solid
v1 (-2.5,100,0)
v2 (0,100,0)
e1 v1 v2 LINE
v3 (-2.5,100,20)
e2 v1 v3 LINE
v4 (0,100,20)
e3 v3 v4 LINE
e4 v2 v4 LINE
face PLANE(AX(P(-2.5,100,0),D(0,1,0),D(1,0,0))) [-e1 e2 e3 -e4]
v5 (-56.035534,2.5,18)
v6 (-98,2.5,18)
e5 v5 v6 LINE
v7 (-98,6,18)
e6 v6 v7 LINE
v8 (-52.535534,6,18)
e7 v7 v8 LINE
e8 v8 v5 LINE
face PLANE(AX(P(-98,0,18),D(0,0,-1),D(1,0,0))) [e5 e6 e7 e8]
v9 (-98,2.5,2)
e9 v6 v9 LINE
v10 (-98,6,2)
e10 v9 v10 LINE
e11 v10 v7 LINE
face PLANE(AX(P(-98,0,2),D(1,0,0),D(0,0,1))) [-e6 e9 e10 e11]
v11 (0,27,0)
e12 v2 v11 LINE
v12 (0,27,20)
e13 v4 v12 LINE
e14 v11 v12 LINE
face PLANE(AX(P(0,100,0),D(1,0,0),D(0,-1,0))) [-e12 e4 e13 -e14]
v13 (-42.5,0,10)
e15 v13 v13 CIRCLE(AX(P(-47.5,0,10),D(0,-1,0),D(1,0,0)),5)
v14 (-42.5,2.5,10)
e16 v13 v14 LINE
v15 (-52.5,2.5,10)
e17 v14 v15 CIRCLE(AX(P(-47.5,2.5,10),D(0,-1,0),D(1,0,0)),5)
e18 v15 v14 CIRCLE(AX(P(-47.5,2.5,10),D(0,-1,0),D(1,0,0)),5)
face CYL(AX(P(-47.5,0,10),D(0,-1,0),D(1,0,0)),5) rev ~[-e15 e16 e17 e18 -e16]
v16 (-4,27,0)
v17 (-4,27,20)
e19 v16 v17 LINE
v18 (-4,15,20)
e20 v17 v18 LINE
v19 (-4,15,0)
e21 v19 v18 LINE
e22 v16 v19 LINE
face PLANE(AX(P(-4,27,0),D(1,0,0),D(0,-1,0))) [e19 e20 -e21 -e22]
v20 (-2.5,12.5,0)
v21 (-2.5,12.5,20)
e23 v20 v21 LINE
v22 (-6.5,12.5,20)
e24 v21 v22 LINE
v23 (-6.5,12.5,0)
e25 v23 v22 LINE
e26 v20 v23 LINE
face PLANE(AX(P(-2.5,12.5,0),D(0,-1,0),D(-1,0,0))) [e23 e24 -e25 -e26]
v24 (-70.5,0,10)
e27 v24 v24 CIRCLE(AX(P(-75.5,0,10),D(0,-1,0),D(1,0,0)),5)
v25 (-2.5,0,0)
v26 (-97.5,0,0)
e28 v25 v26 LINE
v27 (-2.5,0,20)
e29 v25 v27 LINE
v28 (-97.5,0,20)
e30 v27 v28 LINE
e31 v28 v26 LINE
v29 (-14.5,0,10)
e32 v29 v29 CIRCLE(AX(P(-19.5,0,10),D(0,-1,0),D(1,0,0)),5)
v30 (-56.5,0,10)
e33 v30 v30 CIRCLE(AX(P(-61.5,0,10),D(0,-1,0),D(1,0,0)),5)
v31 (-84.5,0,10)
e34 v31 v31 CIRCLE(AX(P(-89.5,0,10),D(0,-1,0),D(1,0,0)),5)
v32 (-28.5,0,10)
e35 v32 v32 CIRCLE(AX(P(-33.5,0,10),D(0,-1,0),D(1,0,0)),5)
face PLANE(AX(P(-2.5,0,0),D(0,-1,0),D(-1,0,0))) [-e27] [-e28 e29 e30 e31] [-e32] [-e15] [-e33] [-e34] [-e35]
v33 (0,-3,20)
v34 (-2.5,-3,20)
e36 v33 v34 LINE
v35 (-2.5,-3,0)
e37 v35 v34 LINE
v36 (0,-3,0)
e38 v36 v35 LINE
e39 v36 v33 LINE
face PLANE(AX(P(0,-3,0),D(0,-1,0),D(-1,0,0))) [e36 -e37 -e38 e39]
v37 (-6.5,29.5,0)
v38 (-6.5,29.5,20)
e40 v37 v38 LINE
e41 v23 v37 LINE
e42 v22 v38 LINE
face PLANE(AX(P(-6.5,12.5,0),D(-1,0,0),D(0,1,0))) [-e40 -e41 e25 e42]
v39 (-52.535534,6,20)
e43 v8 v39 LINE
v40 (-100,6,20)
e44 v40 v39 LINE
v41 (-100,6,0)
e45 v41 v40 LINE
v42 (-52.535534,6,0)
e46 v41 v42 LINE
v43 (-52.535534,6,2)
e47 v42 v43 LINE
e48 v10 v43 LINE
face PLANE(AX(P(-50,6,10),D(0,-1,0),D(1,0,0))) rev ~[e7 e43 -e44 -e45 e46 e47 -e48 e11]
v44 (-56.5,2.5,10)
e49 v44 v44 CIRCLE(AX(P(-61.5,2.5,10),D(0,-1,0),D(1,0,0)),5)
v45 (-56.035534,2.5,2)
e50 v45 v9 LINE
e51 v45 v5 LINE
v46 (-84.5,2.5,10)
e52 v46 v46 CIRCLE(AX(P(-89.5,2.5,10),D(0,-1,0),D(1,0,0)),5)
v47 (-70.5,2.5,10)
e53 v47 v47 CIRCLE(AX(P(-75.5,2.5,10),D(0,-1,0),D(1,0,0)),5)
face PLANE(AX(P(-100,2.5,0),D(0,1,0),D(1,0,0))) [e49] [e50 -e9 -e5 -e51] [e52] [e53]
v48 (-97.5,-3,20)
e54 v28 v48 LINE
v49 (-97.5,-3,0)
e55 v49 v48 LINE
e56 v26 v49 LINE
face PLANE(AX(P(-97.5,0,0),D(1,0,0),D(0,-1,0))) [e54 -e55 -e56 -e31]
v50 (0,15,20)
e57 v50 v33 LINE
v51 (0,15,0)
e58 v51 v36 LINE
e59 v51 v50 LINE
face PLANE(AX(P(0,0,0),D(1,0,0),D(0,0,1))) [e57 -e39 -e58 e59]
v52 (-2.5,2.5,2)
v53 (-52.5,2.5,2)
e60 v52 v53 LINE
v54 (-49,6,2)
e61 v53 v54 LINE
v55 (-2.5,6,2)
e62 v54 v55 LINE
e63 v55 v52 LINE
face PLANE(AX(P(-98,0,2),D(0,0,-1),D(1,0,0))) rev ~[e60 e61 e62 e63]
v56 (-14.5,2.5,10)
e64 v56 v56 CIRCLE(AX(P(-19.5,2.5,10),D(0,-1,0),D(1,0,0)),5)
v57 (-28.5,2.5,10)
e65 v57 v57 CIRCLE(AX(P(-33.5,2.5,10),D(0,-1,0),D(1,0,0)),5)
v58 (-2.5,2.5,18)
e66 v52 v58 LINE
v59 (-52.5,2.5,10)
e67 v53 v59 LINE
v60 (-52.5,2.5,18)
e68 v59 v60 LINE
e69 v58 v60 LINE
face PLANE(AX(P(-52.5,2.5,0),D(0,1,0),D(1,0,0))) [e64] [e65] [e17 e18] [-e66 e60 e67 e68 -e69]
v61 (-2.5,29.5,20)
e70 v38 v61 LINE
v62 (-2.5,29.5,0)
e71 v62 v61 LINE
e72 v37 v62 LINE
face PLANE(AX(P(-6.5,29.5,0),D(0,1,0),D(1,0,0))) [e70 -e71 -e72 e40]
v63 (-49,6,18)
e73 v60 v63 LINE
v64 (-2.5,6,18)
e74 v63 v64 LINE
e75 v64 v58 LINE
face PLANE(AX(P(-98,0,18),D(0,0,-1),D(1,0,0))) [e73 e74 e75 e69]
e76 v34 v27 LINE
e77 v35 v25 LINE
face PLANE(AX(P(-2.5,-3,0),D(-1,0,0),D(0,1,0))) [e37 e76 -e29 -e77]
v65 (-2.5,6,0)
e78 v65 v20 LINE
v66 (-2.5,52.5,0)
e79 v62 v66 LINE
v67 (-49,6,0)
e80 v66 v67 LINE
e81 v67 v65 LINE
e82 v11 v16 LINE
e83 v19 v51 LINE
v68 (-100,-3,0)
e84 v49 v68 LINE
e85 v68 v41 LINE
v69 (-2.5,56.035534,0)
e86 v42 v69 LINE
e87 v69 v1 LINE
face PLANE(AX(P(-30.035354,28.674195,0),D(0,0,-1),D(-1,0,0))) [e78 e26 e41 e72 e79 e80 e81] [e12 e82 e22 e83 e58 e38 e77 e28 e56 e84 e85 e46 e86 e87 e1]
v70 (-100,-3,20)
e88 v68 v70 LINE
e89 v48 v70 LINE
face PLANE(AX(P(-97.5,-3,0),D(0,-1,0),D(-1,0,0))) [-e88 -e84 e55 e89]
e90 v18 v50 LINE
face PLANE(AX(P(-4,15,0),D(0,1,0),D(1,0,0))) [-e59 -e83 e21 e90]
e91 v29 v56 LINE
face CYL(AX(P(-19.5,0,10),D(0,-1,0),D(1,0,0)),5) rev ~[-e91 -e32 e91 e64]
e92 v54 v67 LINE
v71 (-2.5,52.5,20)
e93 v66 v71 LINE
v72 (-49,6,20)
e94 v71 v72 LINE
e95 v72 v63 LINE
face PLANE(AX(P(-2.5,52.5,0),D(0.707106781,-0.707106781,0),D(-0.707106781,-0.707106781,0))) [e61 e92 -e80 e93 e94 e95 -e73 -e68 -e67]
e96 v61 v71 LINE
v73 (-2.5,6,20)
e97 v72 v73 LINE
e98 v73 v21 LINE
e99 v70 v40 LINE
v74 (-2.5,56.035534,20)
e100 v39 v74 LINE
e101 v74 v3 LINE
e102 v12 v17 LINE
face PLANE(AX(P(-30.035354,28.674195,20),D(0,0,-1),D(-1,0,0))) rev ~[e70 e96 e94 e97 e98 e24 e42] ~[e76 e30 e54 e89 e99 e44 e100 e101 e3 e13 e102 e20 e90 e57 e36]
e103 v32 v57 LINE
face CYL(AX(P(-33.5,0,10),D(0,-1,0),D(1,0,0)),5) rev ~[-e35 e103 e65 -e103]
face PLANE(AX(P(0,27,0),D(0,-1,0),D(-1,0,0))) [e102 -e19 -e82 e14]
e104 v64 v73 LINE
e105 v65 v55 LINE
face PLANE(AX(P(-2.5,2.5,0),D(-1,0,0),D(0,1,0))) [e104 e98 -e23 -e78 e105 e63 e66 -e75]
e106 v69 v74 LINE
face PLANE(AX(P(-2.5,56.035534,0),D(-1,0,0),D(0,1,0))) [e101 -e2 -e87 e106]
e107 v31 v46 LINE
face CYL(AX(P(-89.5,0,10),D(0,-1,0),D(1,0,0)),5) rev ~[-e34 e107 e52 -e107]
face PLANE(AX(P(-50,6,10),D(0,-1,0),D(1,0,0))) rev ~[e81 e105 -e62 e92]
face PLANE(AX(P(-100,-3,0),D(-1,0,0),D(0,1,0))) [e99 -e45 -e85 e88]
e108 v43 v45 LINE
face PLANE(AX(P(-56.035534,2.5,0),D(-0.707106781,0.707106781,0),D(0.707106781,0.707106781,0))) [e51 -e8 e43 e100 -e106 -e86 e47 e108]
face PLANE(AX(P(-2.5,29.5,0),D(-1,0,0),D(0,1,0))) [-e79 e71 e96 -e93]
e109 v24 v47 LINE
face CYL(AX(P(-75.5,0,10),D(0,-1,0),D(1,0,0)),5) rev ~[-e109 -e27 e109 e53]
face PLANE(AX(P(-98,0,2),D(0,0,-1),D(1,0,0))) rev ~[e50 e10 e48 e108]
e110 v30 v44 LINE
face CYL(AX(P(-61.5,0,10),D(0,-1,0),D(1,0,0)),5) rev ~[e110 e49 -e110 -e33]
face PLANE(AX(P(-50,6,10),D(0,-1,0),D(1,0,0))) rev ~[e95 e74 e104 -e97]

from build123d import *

# Parameters (mm, degrees)
PAD_DEPTH           = 20
SKETCH002_W         = 100
SKETCH002_H         = 20
SKETCH002_W_2       = 96
SKETCH002_H_2       = 16
PAD001_DEPTH        = 6
SKETCH001_R         = 5
POCKET_DEPTH        = 2.5
LINEARPATTERN_COUNT = 6
LINEARPATTERN_PITCH = 14


with BuildPart() as part:
    # Sketch → Pad (new body)
    with BuildSketch(Plane.XY):
        Polygon((0, 100), (0, 27), (-4, 27), (-4, 15), (0, 15), (0, -3), (-2.5, -3), (-2.5, 0), (-97.5, 0), (-97.5, -3), (-100, -3), (-100, 2.5), (-56.035534, 2.5), (-2.5, 56.035534), (-2.5, 100), align=None)
        Polygon((-52.5, 2.5), (-2.5, 2.5), (-2.5, 12.5), (-6.5, 12.5), (-6.5, 29.5), (-2.5, 29.5), (-2.5, 52.5), align=None, mode=Mode.SUBTRACT)
    extrude(amount=PAD_DEPTH)

    # Sketch002 → Pad001 (join)
    with BuildSketch(Plane.XZ):
        with Locations((-50, 10)):
            Rectangle(SKETCH002_W, SKETCH002_H)
        with Locations((-50, 10)):
            Rectangle(SKETCH002_W_2, SKETCH002_H_2, mode=Mode.SUBTRACT)
    extrude(amount=-PAD001_DEPTH)

    # Sketch001 → Pocket (cut)
    with BuildSketch(Plane.XZ):
        with Locations((-89.5, 10)):
            Circle(SKETCH001_R)
    pocket = extrude(amount=-POCKET_DEPTH, mode=Mode.SUBTRACT)

    # LinearPattern: Pocket ×6
    with Locations(*[(i * LINEARPATTERN_PITCH, 0, 0) for i in range(1, LINEARPATTERN_COUNT)]):
        add(pocket, mode=Mode.SUBTRACT)


solid = part.part
